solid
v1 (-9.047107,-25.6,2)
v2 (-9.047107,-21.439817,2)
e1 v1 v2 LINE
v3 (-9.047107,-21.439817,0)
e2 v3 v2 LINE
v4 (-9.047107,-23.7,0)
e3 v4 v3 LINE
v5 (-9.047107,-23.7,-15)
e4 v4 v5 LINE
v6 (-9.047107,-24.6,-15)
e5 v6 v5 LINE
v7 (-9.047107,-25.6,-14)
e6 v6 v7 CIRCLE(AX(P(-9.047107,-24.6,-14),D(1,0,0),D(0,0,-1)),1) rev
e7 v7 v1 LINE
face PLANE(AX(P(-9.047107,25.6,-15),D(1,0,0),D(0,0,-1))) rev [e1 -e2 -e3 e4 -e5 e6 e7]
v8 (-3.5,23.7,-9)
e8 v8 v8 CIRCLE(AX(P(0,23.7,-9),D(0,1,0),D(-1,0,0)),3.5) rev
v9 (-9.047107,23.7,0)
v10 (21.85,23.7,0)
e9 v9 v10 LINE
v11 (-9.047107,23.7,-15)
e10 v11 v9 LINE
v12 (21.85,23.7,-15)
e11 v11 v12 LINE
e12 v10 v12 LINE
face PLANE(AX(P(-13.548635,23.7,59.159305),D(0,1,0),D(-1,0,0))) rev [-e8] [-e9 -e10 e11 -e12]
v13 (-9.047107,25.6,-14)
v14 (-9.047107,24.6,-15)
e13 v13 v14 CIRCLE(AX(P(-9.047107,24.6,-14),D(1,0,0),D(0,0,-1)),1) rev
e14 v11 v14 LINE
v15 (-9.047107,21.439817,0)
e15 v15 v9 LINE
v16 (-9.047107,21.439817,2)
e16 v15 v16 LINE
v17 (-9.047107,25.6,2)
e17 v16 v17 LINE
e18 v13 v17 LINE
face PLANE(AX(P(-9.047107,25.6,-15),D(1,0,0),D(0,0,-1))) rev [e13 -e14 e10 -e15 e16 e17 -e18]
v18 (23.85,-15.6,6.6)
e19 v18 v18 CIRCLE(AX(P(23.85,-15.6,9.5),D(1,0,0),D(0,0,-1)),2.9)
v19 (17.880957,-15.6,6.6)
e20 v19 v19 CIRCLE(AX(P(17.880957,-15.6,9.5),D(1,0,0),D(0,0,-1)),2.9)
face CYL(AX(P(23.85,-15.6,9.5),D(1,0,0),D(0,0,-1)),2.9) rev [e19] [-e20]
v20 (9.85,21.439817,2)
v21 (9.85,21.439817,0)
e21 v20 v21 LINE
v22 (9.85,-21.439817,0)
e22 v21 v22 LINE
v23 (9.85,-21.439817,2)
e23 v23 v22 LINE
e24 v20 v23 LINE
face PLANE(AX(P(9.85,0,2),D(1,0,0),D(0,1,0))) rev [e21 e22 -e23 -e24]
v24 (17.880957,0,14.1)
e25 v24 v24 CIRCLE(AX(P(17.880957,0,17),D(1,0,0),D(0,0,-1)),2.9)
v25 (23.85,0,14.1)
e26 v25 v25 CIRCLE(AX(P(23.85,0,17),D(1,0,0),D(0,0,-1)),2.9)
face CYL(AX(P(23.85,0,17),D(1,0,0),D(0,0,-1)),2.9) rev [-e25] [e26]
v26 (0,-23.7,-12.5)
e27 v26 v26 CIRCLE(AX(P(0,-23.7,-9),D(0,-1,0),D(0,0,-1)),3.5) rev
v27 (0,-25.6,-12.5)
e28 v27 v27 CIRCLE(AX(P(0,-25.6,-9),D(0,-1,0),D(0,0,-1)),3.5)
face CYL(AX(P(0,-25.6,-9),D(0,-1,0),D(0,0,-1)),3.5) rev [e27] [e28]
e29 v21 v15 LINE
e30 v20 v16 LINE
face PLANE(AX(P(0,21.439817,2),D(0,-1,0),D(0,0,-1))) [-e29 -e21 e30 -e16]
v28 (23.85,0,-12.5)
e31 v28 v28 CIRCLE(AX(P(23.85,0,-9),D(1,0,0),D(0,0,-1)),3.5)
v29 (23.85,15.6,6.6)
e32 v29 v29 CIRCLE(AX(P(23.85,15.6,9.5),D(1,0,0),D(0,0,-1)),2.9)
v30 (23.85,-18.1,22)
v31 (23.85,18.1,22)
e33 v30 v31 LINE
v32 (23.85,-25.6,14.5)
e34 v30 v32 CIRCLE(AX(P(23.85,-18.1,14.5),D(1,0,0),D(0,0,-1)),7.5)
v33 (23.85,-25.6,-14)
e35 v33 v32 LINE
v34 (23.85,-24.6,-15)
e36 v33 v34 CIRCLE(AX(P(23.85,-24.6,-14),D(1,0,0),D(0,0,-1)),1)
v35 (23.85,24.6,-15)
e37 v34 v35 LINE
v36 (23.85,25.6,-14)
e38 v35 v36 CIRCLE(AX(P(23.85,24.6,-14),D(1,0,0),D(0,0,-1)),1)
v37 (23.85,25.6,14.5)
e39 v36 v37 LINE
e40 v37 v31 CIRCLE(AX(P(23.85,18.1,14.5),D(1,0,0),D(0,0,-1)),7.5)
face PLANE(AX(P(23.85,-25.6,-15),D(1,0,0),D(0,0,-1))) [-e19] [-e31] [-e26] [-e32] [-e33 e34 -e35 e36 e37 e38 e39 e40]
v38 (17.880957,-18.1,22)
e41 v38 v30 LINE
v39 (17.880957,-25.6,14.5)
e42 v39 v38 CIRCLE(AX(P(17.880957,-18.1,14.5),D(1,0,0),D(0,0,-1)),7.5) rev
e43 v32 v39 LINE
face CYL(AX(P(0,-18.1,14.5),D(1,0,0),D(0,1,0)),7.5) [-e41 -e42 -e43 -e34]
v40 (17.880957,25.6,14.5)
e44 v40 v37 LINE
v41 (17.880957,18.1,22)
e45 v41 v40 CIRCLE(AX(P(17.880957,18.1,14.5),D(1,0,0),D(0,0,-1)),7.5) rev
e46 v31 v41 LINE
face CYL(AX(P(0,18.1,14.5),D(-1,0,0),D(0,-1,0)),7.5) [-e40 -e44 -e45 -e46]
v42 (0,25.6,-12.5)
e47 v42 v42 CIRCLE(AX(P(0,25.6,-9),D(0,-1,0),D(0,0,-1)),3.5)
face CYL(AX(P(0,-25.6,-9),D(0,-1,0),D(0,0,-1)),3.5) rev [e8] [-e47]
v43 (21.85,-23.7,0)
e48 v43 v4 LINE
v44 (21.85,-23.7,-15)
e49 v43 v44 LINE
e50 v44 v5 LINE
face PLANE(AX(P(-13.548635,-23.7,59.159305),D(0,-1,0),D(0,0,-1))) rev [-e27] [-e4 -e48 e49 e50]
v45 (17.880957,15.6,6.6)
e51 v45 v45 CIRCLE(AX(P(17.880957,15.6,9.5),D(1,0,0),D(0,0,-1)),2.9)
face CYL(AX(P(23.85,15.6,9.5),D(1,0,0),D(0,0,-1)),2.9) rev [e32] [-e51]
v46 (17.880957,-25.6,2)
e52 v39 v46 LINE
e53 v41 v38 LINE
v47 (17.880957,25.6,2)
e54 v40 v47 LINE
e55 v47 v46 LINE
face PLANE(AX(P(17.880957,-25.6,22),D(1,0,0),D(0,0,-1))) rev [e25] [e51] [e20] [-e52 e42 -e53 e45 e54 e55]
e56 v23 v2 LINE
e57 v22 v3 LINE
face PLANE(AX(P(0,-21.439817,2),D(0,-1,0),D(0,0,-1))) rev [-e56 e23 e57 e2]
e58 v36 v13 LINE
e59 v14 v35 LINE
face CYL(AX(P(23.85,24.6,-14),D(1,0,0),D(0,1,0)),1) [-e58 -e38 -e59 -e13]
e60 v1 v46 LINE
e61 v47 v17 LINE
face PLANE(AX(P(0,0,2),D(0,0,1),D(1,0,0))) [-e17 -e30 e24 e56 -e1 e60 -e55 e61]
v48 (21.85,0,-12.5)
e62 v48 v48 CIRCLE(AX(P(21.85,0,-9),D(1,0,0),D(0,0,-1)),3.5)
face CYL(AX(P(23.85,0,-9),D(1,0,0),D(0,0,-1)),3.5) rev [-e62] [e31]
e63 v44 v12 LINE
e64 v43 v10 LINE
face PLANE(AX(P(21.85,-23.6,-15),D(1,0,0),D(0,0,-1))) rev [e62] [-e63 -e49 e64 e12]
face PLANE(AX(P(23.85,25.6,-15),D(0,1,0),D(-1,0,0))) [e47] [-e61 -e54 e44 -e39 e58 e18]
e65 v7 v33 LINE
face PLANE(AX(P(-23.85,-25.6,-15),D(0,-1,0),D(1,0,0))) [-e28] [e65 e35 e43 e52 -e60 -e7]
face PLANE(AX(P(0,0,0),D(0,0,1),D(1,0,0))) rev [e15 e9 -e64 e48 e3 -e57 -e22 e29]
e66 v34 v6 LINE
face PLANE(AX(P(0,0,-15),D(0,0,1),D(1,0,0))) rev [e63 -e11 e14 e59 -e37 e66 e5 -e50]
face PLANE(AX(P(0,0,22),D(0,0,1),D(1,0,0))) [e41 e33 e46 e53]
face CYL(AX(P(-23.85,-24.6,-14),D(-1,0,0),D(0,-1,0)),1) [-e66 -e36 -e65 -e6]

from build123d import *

# Parameters (mm, degrees)
SKETCH2_W            = 43.7
SKETCH2_H            = 47.2
SKETCH2_W_2          = 39.7
SKETCH2_H_2          = 42.879633868
SKETCH2_W_3          = 10
BOSS_EXTRUDE1_DEPTH  = 2
SKETCH3_W            = 47.7
SKETCH3_H            = 51.2
SKETCH3_W_2          = 43.7
SKETCH3_H_2          = 47.2
BOSS_EXTRUDE2_DEPTH  = 17
M6_CLEARANCE_HOLE1_D = 7
M6_CLEARANCE_HOLE2_D = 7
SKETCH9_W            = 5.969043329
SKETCH9_H            = 51.2
BOSS_EXTRUDE3_DEPTH  = 20
M5_CLEARANCE_HOLE1_D = 5.8
FILLET1_R            = 7.5
FILLET2_R            = 1
SKETCH15_W           = 14.80289281
SKETCH15_H           = 51.2
CUT_EXTRUDE1_DEPTH   = 41.301147626
SKETCH19_W           = 35.398634532
SKETCH19_H           = 47.4
CUT_EXTRUDE2_DEPTH   = 15


with BuildPart() as part:
    # Sketch2 → Boss-Extrude1 (new body)
    # profile 1 of 2: a face of its own
    with BuildSketch(Plane.XY):
        Rectangle(SKETCH2_W, SKETCH2_H)
        Rectangle(SKETCH2_W_2, SKETCH2_H_2, mode=Mode.SUBTRACT)
    # profile 2 of 2: a face of its own
    with BuildSketch(Plane.XY):
        with Locations((14.85, 0)):
            Rectangle(SKETCH2_W_3, SKETCH2_H_2)
    extrude(amount=BOSS_EXTRUDE1_DEPTH)

    # Sketch3 → Boss-Extrude2 (add)
    with BuildSketch(Plane.XY.offset(2)):
        Rectangle(SKETCH3_W, SKETCH3_H)
        Rectangle(SKETCH3_W_2, SKETCH3_H_2, mode=Mode.SUBTRACT)
    extrude(amount=-BOSS_EXTRUDE2_DEPTH)

    # M6 Clearance Hole1 (through all)
    with Locations(Plane(origin=(0, -25.6, 0), x_dir=(-1, 0, 0), z_dir=(0, -1, 0))):
        with Locations((0, 9)):
            Hole(M6_CLEARANCE_HOLE1_D / 2)

    # M6 Clearance Hole2 (through all)
    with Locations(Plane(origin=(23.85, 0, 0), x_dir=(0, 0, -1), z_dir=(1, 0, 0))):
        with Locations((9, 0)):
            Hole(M6_CLEARANCE_HOLE2_D / 2)

    # Sketch9 → Boss-Extrude3 (add)
    with BuildSketch(Plane.XY.offset(2)):
        with Locations((20.865478336, 0)):
            Rectangle(SKETCH9_W, SKETCH9_H)
    extrude(amount=BOSS_EXTRUDE3_DEPTH)

    # M5 Clearance Hole1 (through all)
    with Locations(Plane(origin=(23.85, 0, 0), x_dir=(0, 0, -1), z_dir=(1, 0, 0))):
        with Locations((-9.5, -15.6), (-9.5, 15.6), (-17, 0)):
            Hole(M5_CLEARANCE_HOLE1_D / 2)

    # Fillet1
    fillet1_edges = [part.edges().sort_by_distance(p)[0] for p in [
        (20.865478335, 25.6, 22),
        (20.865478335, -25.6, 22),
    ]]
    fillet(fillet1_edges, radius=FILLET1_R)

    # Fillet2
    fillet2_edges = [part.edges().sort_by_distance(p)[0] for p in [
        (0, 25.6, -15),
        (0, -25.6, -15),
    ]]
    fillet(fillet2_edges, radius=FILLET2_R)

    # Sketch15 → Cut-Extrude1 (cut, through all)
    with BuildSketch(Plane.XY.offset(2)):
        with Locations((-16.448553595, 0)):
            Rectangle(SKETCH15_W, SKETCH15_H)
    extrude(amount=-CUT_EXTRUDE1_DEPTH, mode=Mode.SUBTRACT)

    # Sketch19 → Cut-Extrude2 (cut)
    with BuildSketch(Plane(origin=(0, 0, -15), x_dir=(-1, 0, 0), z_dir=(0, 0, -1))):
        with Locations((-4.150682734, 0)):
            Rectangle(SKETCH19_W, SKETCH19_H)
    extrude(amount=-CUT_EXTRUDE2_DEPTH, mode=Mode.SUBTRACT)


solid = part.part
